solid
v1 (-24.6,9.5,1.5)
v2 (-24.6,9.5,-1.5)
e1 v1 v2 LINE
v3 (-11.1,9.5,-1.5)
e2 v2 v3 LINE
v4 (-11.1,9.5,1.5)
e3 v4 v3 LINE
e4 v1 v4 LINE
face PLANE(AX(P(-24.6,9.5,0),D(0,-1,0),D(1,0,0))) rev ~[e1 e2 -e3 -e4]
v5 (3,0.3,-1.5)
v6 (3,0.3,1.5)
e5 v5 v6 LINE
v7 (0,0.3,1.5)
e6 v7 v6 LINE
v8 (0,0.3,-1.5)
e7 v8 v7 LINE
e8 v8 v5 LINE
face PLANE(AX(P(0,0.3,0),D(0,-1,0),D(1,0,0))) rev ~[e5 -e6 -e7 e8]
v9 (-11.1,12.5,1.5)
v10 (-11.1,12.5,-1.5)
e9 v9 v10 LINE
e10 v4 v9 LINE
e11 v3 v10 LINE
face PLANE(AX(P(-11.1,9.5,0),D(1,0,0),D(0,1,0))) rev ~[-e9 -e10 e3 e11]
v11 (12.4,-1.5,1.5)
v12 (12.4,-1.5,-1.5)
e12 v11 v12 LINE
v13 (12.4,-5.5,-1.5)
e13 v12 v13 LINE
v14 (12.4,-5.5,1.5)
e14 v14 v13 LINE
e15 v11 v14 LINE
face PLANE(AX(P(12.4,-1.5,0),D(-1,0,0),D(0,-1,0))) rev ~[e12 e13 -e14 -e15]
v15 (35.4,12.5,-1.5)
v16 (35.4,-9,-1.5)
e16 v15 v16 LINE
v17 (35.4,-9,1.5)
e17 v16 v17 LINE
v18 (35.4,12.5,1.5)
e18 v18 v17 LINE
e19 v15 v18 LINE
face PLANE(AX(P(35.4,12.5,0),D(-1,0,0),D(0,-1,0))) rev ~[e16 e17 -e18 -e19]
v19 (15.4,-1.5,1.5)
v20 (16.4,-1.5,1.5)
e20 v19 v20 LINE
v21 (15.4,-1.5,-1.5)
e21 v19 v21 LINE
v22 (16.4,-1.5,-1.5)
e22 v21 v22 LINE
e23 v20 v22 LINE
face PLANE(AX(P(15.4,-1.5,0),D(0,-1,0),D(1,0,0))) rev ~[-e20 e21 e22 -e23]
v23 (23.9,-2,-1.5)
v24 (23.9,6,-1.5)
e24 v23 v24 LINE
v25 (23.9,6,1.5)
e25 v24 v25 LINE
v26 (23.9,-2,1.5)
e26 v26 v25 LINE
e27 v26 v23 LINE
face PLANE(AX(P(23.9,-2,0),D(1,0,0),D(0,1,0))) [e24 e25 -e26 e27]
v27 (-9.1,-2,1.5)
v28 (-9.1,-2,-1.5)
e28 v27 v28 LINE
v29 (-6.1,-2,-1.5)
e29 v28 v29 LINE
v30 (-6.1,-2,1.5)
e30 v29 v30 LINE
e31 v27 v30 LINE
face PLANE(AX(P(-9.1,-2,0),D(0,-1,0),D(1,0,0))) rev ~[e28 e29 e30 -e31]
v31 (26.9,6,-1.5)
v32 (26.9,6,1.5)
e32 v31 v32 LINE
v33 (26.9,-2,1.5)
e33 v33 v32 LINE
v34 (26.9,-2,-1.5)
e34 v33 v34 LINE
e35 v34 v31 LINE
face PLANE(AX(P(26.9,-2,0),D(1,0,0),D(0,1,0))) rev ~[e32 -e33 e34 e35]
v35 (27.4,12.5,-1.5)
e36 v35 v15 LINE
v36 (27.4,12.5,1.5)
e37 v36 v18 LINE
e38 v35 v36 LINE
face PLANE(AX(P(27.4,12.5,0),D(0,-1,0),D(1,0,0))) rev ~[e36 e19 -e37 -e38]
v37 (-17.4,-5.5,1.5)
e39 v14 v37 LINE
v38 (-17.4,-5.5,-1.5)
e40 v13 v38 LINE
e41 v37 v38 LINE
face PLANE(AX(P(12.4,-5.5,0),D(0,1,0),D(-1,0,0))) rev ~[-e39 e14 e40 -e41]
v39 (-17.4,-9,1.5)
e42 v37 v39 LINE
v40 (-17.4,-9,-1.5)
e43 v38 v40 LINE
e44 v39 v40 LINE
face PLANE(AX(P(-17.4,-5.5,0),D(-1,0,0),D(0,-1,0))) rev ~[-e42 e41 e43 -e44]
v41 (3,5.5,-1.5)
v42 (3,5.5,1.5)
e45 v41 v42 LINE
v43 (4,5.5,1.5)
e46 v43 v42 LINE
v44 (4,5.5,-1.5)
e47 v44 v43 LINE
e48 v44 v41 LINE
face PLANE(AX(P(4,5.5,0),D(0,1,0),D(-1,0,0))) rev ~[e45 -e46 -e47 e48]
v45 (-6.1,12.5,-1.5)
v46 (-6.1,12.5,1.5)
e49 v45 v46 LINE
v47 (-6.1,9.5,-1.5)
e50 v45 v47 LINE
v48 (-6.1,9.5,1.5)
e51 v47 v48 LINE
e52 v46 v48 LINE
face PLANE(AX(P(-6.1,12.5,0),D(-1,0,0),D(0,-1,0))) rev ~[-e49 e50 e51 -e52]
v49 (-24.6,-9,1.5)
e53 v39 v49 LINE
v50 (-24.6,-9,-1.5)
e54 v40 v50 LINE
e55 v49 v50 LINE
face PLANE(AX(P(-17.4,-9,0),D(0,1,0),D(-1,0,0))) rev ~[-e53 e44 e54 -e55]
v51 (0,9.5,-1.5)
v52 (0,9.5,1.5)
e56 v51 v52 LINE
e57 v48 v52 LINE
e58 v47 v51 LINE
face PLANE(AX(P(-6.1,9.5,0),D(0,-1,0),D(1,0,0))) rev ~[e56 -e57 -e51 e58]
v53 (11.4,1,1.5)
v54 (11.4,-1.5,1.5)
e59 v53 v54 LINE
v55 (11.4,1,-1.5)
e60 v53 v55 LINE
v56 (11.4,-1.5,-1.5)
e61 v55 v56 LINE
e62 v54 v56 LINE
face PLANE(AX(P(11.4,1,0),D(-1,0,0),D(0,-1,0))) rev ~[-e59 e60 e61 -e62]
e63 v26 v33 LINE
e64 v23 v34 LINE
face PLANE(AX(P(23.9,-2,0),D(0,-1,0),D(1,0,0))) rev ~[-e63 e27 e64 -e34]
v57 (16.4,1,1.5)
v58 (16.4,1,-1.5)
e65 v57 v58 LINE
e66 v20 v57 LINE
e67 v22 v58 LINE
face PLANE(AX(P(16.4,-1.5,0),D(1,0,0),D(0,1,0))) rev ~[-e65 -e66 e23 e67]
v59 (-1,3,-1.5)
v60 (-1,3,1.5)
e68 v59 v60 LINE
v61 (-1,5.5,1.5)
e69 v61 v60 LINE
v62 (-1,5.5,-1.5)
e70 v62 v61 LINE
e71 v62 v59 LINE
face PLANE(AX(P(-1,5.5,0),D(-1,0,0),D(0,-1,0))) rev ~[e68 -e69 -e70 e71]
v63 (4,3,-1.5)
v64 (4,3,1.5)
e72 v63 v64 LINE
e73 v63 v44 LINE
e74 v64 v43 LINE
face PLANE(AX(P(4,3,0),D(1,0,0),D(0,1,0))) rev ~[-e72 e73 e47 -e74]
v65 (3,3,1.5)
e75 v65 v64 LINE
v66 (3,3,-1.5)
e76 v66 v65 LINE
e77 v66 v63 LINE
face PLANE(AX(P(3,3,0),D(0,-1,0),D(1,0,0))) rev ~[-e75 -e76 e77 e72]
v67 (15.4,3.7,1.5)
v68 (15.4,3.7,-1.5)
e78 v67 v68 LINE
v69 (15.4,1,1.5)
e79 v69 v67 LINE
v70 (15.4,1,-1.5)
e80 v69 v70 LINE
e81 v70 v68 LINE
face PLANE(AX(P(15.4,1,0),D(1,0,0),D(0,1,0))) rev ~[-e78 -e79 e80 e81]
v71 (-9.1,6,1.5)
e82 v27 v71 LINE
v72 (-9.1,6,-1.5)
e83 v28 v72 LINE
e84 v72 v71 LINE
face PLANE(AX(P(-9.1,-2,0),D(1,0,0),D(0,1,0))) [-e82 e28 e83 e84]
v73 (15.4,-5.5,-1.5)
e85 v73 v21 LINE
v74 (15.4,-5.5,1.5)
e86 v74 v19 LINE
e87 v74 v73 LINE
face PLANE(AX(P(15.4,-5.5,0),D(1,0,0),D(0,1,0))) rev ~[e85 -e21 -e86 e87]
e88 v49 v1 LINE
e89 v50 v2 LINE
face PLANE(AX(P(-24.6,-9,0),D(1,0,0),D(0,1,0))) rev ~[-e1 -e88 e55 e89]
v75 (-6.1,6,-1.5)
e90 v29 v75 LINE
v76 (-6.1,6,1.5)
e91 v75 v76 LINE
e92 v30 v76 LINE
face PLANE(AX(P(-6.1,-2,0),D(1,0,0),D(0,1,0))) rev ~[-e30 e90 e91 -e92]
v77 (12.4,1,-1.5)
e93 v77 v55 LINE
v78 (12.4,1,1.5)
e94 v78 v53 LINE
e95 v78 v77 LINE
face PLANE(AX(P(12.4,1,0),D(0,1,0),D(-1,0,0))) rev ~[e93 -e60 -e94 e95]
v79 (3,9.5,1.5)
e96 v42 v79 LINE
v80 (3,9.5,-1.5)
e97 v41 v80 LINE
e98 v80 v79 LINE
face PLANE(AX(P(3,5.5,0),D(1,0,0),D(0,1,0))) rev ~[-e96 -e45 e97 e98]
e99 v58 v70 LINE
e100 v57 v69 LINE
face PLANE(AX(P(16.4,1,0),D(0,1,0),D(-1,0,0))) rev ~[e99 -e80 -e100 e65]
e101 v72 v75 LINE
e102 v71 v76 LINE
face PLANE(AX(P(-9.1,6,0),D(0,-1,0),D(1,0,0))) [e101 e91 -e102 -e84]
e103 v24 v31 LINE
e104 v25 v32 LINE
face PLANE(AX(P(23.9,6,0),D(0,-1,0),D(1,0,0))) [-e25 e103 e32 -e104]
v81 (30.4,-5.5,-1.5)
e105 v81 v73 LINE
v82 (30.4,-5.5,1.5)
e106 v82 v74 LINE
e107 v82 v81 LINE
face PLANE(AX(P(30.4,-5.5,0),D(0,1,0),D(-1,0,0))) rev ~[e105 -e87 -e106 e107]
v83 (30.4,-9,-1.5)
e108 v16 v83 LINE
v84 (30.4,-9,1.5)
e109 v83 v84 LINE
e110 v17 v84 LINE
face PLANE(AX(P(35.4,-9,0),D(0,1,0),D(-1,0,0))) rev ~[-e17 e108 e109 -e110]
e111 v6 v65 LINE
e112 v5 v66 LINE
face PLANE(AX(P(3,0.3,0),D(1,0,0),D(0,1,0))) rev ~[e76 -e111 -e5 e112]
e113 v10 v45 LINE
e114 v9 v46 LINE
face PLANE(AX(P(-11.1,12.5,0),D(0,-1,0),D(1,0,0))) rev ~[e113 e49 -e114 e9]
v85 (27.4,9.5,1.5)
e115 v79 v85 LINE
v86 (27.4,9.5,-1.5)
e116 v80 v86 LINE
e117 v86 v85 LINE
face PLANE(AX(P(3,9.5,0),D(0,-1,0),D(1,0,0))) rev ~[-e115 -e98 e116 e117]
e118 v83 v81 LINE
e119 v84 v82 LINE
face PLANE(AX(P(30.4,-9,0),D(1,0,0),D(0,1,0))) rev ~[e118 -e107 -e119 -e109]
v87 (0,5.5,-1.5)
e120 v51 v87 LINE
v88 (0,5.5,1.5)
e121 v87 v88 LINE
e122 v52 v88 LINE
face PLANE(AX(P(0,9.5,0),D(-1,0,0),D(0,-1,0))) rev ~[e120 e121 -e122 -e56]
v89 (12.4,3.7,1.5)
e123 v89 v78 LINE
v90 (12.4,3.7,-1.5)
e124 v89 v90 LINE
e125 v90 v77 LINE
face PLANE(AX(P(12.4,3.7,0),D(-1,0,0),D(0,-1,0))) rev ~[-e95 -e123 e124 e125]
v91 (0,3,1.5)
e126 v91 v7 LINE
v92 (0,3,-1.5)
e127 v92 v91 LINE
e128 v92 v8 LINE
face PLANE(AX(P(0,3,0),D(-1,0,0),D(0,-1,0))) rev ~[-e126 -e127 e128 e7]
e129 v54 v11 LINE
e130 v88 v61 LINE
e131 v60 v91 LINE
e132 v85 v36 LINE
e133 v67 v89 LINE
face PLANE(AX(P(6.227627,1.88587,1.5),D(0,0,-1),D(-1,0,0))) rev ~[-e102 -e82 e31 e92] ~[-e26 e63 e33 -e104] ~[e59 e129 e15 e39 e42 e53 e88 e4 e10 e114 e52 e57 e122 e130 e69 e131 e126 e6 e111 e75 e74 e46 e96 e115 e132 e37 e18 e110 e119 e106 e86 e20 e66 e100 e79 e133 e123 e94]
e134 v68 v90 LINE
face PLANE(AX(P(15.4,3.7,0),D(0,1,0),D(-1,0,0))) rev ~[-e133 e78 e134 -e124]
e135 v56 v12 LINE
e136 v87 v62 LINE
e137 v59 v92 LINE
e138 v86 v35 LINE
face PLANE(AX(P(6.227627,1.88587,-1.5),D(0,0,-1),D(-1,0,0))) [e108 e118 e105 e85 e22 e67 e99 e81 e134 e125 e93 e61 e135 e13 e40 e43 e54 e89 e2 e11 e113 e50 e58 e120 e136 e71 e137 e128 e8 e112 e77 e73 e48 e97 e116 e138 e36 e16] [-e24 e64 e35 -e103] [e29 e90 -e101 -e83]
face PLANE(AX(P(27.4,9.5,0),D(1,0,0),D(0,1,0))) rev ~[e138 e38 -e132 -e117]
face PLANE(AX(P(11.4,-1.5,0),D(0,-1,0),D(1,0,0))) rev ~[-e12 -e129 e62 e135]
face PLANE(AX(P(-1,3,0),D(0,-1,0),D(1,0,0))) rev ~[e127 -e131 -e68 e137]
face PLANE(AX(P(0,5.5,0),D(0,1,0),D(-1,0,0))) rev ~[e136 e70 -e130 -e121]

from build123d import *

# Parameters (mm, degrees)
SKETCH1_W           = 3
SKETCH1_H           = 8
BOSS_EXTRUDE1_DEPTH = 1.5


with BuildPart() as part:
    # Sketch1 → Boss-Extrude1 (new, symmetric)
    with BuildSketch(Plane.XY):
        Polygon((30.4, -9), (30.4, -5.5), (15.4, -5.5), (15.4, -1.5), (16.4, -1.5), (16.4, 1), (15.4, 1), (15.4, 3.7), (12.4, 3.7), (12.4, 1), (11.4, 1), (11.4, -1.5), (12.4, -1.5), (12.4, -5.5), (-17.4, -5.5), (-17.4, -9), (-24.6, -9), (-24.6, 9.5), (-11.1, 9.5), (-11.1, 12.5), (-6.1, 12.5), (-6.1, 9.5), (0, 9.5), (0, 5.5), (-1, 5.5), (-1, 3), (0, 3), (0, 0.3), (3, 0.3), (3, 3), (4, 3), (4, 5.5), (3, 5.5), (3, 9.5), (27.4, 9.5), (27.4, 12.5), (35.4, 12.5), (35.4, -9), align=None)
        with Locations((25.4, 2)):
            Rectangle(SKETCH1_W, SKETCH1_H, mode=Mode.SUBTRACT)
        with Locations((-7.6, 2)):
            Rectangle(SKETCH1_W, SKETCH1_H, mode=Mode.SUBTRACT)
    extrude(amount=BOSS_EXTRUDE1_DEPTH, both=True)


solid = part.part
